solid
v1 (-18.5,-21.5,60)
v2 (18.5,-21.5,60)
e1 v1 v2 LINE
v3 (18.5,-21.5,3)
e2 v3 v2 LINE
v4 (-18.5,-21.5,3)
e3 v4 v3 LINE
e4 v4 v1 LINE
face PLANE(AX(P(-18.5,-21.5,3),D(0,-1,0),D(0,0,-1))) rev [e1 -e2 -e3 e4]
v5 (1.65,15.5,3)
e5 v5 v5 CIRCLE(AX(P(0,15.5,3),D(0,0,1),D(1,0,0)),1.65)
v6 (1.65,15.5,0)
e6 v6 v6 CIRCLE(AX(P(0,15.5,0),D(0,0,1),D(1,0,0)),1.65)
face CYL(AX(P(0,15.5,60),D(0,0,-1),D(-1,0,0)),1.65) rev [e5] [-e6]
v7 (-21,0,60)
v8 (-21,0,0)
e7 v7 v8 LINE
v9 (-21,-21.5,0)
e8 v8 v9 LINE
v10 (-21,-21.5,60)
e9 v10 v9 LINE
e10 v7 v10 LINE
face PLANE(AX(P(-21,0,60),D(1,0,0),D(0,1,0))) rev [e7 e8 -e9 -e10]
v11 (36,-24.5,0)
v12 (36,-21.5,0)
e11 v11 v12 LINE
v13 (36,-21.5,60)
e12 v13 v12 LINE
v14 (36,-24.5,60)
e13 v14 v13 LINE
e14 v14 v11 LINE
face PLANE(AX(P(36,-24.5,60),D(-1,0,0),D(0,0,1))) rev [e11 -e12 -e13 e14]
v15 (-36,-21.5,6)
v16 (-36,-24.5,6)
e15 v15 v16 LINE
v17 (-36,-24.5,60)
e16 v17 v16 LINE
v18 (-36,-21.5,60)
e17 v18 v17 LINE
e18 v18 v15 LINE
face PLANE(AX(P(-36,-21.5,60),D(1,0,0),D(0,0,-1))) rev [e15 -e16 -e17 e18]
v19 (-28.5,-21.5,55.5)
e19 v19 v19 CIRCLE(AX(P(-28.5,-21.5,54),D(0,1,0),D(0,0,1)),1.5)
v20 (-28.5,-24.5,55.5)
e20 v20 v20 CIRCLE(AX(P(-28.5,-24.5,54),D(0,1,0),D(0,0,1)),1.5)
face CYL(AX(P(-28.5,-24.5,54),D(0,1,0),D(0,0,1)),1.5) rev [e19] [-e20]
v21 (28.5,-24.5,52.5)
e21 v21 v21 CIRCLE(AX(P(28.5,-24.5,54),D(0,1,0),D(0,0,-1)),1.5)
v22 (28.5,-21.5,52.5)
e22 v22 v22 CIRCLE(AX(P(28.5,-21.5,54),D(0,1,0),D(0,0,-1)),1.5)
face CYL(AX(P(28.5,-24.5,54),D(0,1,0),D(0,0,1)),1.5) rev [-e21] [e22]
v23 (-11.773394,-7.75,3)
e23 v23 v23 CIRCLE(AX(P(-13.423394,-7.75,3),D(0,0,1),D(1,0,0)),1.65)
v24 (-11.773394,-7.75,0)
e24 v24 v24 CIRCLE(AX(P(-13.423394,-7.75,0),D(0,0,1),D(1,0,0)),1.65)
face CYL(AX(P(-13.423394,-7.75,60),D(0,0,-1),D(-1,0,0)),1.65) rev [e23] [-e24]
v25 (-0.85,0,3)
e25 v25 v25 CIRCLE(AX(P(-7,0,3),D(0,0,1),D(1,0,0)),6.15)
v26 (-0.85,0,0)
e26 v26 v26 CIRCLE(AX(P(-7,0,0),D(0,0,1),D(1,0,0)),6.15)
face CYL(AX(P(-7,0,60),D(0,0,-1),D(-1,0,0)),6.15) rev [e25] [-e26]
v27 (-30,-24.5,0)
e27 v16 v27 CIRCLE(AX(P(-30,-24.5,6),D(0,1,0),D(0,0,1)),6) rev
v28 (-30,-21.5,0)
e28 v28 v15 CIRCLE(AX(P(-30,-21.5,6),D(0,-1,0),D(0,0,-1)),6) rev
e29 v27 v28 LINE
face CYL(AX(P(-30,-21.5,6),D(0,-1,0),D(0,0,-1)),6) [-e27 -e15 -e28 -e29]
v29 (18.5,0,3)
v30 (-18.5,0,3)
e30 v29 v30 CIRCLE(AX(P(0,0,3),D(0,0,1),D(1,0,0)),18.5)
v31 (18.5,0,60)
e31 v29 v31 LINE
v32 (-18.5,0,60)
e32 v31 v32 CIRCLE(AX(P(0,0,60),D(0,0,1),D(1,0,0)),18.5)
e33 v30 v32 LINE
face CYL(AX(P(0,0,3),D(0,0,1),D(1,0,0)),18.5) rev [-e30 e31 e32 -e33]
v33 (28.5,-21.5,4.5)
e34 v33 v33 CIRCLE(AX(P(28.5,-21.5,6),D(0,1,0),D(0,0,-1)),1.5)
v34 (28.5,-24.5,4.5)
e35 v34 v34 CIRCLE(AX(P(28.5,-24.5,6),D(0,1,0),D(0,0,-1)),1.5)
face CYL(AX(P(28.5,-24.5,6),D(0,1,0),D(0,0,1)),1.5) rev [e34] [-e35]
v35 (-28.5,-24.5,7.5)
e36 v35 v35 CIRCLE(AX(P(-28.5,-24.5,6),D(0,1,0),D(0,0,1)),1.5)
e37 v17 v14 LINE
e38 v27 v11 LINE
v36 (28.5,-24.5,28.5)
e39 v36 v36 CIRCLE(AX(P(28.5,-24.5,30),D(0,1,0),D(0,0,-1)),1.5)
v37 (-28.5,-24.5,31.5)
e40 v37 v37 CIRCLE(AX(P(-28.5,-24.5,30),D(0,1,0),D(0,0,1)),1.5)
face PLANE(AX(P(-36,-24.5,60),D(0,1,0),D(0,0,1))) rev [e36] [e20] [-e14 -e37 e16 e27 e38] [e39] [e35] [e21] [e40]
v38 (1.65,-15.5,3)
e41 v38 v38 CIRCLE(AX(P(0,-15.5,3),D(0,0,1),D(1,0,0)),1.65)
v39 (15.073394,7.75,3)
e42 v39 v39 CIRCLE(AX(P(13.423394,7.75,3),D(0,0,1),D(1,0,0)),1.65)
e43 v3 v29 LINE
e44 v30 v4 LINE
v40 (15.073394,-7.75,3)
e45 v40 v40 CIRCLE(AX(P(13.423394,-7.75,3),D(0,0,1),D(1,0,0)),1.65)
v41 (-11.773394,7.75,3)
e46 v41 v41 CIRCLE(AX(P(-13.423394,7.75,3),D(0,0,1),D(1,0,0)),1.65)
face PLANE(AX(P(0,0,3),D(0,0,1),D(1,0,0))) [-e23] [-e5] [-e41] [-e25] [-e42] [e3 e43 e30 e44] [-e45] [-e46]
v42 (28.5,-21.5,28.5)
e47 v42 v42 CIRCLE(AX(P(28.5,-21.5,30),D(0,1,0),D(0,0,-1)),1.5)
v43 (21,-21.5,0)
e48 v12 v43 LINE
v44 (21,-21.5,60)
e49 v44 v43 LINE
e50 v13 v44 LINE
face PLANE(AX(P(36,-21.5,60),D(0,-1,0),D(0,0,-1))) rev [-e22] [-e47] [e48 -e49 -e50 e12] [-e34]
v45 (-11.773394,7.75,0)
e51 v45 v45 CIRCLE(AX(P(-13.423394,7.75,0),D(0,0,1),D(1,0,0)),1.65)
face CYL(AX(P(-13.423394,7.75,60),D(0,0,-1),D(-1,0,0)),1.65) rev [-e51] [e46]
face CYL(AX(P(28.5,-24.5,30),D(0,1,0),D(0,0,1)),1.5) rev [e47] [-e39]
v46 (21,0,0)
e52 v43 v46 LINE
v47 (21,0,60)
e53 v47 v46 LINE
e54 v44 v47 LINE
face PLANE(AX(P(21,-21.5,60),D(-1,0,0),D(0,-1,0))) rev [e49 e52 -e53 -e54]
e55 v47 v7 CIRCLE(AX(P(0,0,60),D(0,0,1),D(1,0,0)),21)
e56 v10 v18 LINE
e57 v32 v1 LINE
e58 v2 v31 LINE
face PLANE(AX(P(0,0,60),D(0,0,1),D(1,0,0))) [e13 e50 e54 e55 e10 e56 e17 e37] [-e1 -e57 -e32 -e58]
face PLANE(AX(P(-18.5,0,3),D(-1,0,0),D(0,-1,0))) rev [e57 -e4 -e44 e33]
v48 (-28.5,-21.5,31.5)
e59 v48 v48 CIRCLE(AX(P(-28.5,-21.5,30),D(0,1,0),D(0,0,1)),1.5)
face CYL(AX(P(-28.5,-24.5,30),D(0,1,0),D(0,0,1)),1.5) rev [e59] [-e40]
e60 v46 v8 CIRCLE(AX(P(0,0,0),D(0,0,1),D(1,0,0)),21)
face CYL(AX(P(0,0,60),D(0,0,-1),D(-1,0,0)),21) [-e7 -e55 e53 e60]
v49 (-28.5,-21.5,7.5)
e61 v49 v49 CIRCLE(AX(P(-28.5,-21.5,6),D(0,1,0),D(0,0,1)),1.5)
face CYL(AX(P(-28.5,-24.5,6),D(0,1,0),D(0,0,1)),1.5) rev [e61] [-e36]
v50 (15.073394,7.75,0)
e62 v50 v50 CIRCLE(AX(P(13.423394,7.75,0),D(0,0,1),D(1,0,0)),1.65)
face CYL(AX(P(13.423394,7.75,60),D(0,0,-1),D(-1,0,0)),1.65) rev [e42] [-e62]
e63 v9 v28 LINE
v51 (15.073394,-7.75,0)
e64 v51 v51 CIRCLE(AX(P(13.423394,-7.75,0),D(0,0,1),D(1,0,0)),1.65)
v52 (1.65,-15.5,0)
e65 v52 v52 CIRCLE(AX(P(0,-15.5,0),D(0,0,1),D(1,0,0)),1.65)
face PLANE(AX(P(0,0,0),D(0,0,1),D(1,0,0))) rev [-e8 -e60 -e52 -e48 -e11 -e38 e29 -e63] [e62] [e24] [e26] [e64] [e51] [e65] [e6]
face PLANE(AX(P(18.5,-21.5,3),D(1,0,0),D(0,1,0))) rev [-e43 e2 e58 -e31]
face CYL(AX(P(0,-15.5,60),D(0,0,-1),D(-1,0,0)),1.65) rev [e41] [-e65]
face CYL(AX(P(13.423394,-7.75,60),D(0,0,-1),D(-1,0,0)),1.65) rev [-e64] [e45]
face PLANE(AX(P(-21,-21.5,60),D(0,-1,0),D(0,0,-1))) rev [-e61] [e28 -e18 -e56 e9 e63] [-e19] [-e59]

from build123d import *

# Parameters (mm, degrees)
SKETCH1_R           = 1.65
SKETCH1_R_2         = 6.15
BOSS_EXTRUDE1_DEPTH = 60
CUT_EXTRUDE1_DEPTH  = 57
SKETCH3_R           = 1.5
CUT_EXTRUDE2_DEPTH  = 82.867270628
FILLET1_R           = 6


with BuildPart() as part:
    # Sketch1 → Boss-Extrude1 (new body)
    with BuildSketch(Plane.XY):
        with BuildLine():
            Line((-21, 0), (-21, -21.5))
            Line((-21, -21.5), (-36, -21.5))
            Line((-36, -21.5), (-36, -24.5))
            Line((-36, -24.5), (36, -24.5))
            Line((36, -24.5), (36, -21.5))
            Line((36, -21.5), (21, -21.5))
            Line((21, -21.5), (21, 0))
            ThreePointArc((21, 0), (0, 21), (-21, 0))
        make_face()
        with Locations((0, -15.5)):
            Circle(SKETCH1_R, mode=Mode.SUBTRACT)
        with Locations((-13.423393759, -7.75)):
            Circle(SKETCH1_R, mode=Mode.SUBTRACT)
        with Locations((-13.423393759, 7.75)):
            Circle(SKETCH1_R, mode=Mode.SUBTRACT)
        with Locations((0, 15.5)):
            Circle(SKETCH1_R, mode=Mode.SUBTRACT)
        with Locations((13.423393759, 7.75)):
            Circle(SKETCH1_R, mode=Mode.SUBTRACT)
        with Locations((13.423393759, -7.75)):
            Circle(SKETCH1_R, mode=Mode.SUBTRACT)
        with Locations((-7, 0)):
            Circle(SKETCH1_R_2, mode=Mode.SUBTRACT)
    extrude(amount=BOSS_EXTRUDE1_DEPTH)

    # Sketch2 → Cut-Extrude1 (cut)
    with BuildSketch(Plane.XY.offset(60)):
        with BuildLine():
            Line((-18.5, 0), (-18.5, -21.5))
            Line((-18.5, -21.5), (18.5, -21.5))
            Line((18.5, -21.5), (18.5, 0))
            ThreePointArc((18.5, 0), (0, 18.5), (-18.5, 0))
        make_face()
    extrude(amount=-CUT_EXTRUDE1_DEPTH, mode=Mode.SUBTRACT)

    # Sketch3 → Cut-Extrude2 (cut, through all)
    with BuildSketch(Plane(origin=(0, -21.5, 0), x_dir=(1, 0, 0), z_dir=(0, 1, 0))):
        with Locations(Location((-28.5, -30, 0), (0, 0, 270))):
            Circle(SKETCH3_R)
        with Locations(Location((-28.5, -6, 0), (0, 0, 270))):
            Circle(SKETCH3_R)
        with Locations(Location((-28.5, -54, 0), (0, 0, 270))):
            Circle(SKETCH3_R)
        with Locations(Location((28.5, -54, 0), (0, 0, 90))):
            Circle(SKETCH3_R)
        with Locations(Location((28.5, -6, 0), (0, 0, 90))):
            Circle(SKETCH3_R)
        with Locations(Location((28.5, -30, 0), (0, 0, 90))):
            Circle(SKETCH3_R)
    extrude(amount=-CUT_EXTRUDE2_DEPTH, mode=Mode.SUBTRACT)

    # Fillet1
    fillet1_edges = [part.edges().sort_by_distance(p)[0] for p in [
        (-36, -23, 0),
    ]]
    fillet(fillet1_edges, radius=FILLET1_R)


solid = part.part
